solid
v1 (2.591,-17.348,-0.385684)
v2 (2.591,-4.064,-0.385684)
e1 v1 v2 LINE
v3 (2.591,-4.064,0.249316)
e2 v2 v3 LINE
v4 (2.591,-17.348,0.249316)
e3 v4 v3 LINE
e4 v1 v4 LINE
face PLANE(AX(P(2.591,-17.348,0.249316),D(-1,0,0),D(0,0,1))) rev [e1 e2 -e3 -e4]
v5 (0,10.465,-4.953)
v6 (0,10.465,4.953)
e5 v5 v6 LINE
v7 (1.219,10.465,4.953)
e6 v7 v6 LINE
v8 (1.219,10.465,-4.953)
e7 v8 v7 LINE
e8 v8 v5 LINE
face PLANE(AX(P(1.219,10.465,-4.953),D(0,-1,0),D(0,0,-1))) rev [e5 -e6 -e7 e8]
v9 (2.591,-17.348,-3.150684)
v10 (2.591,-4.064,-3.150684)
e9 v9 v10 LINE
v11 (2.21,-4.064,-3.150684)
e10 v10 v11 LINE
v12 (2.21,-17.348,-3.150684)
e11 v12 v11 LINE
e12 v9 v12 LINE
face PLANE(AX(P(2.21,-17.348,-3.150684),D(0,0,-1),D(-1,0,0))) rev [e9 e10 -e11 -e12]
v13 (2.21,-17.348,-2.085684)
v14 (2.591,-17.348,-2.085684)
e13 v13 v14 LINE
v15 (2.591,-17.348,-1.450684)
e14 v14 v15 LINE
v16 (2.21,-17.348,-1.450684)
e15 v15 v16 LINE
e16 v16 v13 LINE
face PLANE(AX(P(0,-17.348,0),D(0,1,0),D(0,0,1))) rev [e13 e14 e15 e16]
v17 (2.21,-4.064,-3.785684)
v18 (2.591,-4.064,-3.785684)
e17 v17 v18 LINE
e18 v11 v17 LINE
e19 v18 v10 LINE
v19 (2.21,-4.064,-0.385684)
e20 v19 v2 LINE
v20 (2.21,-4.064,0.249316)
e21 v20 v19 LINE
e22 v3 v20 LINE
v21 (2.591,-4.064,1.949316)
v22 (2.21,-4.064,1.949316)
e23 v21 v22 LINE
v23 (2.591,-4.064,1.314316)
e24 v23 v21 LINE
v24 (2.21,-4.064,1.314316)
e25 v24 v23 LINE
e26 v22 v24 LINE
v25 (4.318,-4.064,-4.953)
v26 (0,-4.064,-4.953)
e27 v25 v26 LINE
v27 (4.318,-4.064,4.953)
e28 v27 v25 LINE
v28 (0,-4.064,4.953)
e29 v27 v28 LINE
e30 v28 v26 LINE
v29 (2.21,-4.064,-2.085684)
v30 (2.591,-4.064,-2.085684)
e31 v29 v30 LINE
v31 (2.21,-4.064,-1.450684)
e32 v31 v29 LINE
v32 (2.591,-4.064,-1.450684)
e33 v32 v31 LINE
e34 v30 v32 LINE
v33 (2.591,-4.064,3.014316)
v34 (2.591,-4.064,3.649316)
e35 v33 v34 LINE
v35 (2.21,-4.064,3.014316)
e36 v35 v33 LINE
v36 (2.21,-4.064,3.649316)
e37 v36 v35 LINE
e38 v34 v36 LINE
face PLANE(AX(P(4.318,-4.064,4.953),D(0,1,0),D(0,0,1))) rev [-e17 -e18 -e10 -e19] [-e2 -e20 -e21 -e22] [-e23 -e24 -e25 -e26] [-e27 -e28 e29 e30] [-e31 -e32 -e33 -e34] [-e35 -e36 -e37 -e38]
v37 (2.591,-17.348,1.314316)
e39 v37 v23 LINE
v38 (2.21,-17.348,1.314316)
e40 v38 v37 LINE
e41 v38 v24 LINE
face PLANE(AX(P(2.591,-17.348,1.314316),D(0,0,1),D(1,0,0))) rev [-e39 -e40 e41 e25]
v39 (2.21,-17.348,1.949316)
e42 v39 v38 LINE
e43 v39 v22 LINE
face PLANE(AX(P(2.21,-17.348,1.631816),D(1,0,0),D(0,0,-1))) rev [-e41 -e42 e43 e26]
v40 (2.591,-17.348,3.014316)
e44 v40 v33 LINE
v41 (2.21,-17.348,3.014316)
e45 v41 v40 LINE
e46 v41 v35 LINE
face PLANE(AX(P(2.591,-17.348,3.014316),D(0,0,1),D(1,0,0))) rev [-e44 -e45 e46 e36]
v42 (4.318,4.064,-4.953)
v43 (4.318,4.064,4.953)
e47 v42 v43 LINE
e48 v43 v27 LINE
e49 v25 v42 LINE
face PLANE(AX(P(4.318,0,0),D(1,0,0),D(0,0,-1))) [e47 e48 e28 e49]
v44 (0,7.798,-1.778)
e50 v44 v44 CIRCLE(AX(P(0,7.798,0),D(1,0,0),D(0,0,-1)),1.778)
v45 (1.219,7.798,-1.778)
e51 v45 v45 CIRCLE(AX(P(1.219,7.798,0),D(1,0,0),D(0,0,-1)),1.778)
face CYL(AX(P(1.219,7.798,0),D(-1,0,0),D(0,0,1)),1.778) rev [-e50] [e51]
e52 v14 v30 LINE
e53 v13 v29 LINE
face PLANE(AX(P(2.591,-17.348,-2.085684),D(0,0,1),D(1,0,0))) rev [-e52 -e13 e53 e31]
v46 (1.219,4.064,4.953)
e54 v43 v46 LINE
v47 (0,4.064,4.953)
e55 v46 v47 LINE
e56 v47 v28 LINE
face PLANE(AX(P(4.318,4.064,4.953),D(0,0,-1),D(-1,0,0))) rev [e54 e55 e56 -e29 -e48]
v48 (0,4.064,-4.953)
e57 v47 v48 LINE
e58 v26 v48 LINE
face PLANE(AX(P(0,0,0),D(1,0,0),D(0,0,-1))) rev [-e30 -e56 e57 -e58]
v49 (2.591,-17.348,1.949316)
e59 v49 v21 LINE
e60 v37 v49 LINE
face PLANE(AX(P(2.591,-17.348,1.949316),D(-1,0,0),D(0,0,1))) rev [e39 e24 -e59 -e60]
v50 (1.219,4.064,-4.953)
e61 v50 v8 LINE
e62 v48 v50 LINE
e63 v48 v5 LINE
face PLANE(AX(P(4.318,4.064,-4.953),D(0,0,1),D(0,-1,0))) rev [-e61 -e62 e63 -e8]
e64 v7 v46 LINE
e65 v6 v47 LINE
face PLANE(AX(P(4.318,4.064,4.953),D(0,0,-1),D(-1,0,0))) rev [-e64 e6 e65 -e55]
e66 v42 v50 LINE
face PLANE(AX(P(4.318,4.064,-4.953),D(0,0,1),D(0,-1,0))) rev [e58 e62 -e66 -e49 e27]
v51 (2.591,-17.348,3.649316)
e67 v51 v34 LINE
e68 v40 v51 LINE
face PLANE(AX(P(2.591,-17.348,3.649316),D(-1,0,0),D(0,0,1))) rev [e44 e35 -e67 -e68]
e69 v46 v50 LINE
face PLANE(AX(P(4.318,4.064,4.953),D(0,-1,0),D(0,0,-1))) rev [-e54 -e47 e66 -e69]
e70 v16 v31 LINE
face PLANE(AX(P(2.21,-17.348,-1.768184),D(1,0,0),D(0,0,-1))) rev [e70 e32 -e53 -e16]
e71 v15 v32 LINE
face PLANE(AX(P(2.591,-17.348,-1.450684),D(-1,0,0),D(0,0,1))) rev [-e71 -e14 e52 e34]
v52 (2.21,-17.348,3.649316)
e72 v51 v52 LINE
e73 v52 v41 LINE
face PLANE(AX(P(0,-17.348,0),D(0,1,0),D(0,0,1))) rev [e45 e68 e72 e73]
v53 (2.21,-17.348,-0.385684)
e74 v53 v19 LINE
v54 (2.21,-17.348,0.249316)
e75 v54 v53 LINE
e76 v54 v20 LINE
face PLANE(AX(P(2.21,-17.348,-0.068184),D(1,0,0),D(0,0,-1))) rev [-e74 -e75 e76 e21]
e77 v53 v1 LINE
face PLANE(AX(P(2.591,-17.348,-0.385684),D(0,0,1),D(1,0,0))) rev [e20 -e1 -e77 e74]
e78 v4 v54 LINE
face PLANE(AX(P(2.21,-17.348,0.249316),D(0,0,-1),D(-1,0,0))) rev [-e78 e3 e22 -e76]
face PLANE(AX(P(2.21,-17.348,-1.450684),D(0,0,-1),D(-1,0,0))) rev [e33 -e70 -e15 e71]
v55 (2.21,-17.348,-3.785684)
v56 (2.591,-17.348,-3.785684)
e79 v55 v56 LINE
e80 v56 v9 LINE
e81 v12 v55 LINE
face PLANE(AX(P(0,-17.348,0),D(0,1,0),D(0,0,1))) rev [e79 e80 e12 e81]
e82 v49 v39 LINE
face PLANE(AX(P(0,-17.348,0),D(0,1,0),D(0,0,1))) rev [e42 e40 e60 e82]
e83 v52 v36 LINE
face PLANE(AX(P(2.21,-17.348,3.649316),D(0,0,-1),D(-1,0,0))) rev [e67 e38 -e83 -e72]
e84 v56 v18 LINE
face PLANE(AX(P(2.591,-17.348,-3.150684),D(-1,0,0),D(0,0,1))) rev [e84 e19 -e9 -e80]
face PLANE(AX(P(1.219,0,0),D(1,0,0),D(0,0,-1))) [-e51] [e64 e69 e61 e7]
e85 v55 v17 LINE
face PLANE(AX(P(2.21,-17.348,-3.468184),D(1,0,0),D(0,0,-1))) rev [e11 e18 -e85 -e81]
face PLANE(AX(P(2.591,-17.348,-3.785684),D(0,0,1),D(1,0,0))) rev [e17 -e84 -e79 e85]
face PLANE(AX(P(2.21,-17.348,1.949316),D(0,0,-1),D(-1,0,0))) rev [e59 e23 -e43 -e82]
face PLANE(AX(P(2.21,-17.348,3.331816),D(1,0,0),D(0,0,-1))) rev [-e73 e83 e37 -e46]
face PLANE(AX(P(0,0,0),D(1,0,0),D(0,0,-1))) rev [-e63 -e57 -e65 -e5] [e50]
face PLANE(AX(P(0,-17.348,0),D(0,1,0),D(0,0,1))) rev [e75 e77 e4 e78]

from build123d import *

# Parameters (mm, degrees)
SKETCH1_W           = 9.906
SKETCH1_H           = 8.128
BOSS_EXTRUDE1_DEPTH = 4.318
SKETCH2_W           = 9.906
SKETCH2_H           = 6.401
SKETCH2_R           = 1.778
BOSS_EXTRUDE3_DEPTH = 1.219
BOSS_EXTRUDE4_DEPTH = 13.284


with BuildPart() as part:
    # Sketch1 → Boss-Extrude1 (new body)
    with BuildSketch(Plane(origin=(0, 0, 0), x_dir=(0, 0, -1), z_dir=(1, 0, 0))):
        Rectangle(SKETCH1_W, SKETCH1_H)
    extrude(amount=BOSS_EXTRUDE1_DEPTH)

    # Sketch2 → Boss-Extrude3 (add)
    with BuildSketch(Plane(origin=(0, 0, 0), x_dir=(0, 0, -1), z_dir=(1, 0, 0))):
        with Locations((0, 7.2645)):
            Rectangle(SKETCH2_W, SKETCH2_H)
        with Locations((0, 7.798)):
            Circle(SKETCH2_R, mode=Mode.SUBTRACT)
    extrude(amount=BOSS_EXTRUDE3_DEPTH)

    # Sketch3 → Boss-Extrude4 (add)
    with BuildSketch(Plane(origin=(0, -4.064, 0), x_dir=(-1, 0, 0), z_dir=(0, -1, 0))):
        Polygon((-2.591, -1.949316438), (-2.591, -1.314316438), (-2.21, -1.314316438), (-2.21, -1.631816438), (-2.21, -1.949316438), align=None)
        Polygon((-2.21, 0.068183562), (-2.21, -0.249316438), (-2.591, -0.249316438), (-2.591, 0.385683562), (-2.21, 0.385683562), align=None)
        Polygon((-2.591, -3.649316438), (-2.591, -3.014316438), (-2.21, -3.014316438), (-2.21, -3.331816438), (-2.21, -3.649316438), align=None)
        Polygon((-2.591, 1.450683562), (-2.591, 2.085683562), (-2.21, 2.085683562), (-2.21, 1.768183562), (-2.21, 1.450683562), align=None)
        Polygon((-2.591, 3.150683562), (-2.591, 3.785683562), (-2.21, 3.785683562), (-2.21, 3.468183562), (-2.21, 3.150683562), align=None)
    extrude(amount=BOSS_EXTRUDE4_DEPTH)


solid = part.part
